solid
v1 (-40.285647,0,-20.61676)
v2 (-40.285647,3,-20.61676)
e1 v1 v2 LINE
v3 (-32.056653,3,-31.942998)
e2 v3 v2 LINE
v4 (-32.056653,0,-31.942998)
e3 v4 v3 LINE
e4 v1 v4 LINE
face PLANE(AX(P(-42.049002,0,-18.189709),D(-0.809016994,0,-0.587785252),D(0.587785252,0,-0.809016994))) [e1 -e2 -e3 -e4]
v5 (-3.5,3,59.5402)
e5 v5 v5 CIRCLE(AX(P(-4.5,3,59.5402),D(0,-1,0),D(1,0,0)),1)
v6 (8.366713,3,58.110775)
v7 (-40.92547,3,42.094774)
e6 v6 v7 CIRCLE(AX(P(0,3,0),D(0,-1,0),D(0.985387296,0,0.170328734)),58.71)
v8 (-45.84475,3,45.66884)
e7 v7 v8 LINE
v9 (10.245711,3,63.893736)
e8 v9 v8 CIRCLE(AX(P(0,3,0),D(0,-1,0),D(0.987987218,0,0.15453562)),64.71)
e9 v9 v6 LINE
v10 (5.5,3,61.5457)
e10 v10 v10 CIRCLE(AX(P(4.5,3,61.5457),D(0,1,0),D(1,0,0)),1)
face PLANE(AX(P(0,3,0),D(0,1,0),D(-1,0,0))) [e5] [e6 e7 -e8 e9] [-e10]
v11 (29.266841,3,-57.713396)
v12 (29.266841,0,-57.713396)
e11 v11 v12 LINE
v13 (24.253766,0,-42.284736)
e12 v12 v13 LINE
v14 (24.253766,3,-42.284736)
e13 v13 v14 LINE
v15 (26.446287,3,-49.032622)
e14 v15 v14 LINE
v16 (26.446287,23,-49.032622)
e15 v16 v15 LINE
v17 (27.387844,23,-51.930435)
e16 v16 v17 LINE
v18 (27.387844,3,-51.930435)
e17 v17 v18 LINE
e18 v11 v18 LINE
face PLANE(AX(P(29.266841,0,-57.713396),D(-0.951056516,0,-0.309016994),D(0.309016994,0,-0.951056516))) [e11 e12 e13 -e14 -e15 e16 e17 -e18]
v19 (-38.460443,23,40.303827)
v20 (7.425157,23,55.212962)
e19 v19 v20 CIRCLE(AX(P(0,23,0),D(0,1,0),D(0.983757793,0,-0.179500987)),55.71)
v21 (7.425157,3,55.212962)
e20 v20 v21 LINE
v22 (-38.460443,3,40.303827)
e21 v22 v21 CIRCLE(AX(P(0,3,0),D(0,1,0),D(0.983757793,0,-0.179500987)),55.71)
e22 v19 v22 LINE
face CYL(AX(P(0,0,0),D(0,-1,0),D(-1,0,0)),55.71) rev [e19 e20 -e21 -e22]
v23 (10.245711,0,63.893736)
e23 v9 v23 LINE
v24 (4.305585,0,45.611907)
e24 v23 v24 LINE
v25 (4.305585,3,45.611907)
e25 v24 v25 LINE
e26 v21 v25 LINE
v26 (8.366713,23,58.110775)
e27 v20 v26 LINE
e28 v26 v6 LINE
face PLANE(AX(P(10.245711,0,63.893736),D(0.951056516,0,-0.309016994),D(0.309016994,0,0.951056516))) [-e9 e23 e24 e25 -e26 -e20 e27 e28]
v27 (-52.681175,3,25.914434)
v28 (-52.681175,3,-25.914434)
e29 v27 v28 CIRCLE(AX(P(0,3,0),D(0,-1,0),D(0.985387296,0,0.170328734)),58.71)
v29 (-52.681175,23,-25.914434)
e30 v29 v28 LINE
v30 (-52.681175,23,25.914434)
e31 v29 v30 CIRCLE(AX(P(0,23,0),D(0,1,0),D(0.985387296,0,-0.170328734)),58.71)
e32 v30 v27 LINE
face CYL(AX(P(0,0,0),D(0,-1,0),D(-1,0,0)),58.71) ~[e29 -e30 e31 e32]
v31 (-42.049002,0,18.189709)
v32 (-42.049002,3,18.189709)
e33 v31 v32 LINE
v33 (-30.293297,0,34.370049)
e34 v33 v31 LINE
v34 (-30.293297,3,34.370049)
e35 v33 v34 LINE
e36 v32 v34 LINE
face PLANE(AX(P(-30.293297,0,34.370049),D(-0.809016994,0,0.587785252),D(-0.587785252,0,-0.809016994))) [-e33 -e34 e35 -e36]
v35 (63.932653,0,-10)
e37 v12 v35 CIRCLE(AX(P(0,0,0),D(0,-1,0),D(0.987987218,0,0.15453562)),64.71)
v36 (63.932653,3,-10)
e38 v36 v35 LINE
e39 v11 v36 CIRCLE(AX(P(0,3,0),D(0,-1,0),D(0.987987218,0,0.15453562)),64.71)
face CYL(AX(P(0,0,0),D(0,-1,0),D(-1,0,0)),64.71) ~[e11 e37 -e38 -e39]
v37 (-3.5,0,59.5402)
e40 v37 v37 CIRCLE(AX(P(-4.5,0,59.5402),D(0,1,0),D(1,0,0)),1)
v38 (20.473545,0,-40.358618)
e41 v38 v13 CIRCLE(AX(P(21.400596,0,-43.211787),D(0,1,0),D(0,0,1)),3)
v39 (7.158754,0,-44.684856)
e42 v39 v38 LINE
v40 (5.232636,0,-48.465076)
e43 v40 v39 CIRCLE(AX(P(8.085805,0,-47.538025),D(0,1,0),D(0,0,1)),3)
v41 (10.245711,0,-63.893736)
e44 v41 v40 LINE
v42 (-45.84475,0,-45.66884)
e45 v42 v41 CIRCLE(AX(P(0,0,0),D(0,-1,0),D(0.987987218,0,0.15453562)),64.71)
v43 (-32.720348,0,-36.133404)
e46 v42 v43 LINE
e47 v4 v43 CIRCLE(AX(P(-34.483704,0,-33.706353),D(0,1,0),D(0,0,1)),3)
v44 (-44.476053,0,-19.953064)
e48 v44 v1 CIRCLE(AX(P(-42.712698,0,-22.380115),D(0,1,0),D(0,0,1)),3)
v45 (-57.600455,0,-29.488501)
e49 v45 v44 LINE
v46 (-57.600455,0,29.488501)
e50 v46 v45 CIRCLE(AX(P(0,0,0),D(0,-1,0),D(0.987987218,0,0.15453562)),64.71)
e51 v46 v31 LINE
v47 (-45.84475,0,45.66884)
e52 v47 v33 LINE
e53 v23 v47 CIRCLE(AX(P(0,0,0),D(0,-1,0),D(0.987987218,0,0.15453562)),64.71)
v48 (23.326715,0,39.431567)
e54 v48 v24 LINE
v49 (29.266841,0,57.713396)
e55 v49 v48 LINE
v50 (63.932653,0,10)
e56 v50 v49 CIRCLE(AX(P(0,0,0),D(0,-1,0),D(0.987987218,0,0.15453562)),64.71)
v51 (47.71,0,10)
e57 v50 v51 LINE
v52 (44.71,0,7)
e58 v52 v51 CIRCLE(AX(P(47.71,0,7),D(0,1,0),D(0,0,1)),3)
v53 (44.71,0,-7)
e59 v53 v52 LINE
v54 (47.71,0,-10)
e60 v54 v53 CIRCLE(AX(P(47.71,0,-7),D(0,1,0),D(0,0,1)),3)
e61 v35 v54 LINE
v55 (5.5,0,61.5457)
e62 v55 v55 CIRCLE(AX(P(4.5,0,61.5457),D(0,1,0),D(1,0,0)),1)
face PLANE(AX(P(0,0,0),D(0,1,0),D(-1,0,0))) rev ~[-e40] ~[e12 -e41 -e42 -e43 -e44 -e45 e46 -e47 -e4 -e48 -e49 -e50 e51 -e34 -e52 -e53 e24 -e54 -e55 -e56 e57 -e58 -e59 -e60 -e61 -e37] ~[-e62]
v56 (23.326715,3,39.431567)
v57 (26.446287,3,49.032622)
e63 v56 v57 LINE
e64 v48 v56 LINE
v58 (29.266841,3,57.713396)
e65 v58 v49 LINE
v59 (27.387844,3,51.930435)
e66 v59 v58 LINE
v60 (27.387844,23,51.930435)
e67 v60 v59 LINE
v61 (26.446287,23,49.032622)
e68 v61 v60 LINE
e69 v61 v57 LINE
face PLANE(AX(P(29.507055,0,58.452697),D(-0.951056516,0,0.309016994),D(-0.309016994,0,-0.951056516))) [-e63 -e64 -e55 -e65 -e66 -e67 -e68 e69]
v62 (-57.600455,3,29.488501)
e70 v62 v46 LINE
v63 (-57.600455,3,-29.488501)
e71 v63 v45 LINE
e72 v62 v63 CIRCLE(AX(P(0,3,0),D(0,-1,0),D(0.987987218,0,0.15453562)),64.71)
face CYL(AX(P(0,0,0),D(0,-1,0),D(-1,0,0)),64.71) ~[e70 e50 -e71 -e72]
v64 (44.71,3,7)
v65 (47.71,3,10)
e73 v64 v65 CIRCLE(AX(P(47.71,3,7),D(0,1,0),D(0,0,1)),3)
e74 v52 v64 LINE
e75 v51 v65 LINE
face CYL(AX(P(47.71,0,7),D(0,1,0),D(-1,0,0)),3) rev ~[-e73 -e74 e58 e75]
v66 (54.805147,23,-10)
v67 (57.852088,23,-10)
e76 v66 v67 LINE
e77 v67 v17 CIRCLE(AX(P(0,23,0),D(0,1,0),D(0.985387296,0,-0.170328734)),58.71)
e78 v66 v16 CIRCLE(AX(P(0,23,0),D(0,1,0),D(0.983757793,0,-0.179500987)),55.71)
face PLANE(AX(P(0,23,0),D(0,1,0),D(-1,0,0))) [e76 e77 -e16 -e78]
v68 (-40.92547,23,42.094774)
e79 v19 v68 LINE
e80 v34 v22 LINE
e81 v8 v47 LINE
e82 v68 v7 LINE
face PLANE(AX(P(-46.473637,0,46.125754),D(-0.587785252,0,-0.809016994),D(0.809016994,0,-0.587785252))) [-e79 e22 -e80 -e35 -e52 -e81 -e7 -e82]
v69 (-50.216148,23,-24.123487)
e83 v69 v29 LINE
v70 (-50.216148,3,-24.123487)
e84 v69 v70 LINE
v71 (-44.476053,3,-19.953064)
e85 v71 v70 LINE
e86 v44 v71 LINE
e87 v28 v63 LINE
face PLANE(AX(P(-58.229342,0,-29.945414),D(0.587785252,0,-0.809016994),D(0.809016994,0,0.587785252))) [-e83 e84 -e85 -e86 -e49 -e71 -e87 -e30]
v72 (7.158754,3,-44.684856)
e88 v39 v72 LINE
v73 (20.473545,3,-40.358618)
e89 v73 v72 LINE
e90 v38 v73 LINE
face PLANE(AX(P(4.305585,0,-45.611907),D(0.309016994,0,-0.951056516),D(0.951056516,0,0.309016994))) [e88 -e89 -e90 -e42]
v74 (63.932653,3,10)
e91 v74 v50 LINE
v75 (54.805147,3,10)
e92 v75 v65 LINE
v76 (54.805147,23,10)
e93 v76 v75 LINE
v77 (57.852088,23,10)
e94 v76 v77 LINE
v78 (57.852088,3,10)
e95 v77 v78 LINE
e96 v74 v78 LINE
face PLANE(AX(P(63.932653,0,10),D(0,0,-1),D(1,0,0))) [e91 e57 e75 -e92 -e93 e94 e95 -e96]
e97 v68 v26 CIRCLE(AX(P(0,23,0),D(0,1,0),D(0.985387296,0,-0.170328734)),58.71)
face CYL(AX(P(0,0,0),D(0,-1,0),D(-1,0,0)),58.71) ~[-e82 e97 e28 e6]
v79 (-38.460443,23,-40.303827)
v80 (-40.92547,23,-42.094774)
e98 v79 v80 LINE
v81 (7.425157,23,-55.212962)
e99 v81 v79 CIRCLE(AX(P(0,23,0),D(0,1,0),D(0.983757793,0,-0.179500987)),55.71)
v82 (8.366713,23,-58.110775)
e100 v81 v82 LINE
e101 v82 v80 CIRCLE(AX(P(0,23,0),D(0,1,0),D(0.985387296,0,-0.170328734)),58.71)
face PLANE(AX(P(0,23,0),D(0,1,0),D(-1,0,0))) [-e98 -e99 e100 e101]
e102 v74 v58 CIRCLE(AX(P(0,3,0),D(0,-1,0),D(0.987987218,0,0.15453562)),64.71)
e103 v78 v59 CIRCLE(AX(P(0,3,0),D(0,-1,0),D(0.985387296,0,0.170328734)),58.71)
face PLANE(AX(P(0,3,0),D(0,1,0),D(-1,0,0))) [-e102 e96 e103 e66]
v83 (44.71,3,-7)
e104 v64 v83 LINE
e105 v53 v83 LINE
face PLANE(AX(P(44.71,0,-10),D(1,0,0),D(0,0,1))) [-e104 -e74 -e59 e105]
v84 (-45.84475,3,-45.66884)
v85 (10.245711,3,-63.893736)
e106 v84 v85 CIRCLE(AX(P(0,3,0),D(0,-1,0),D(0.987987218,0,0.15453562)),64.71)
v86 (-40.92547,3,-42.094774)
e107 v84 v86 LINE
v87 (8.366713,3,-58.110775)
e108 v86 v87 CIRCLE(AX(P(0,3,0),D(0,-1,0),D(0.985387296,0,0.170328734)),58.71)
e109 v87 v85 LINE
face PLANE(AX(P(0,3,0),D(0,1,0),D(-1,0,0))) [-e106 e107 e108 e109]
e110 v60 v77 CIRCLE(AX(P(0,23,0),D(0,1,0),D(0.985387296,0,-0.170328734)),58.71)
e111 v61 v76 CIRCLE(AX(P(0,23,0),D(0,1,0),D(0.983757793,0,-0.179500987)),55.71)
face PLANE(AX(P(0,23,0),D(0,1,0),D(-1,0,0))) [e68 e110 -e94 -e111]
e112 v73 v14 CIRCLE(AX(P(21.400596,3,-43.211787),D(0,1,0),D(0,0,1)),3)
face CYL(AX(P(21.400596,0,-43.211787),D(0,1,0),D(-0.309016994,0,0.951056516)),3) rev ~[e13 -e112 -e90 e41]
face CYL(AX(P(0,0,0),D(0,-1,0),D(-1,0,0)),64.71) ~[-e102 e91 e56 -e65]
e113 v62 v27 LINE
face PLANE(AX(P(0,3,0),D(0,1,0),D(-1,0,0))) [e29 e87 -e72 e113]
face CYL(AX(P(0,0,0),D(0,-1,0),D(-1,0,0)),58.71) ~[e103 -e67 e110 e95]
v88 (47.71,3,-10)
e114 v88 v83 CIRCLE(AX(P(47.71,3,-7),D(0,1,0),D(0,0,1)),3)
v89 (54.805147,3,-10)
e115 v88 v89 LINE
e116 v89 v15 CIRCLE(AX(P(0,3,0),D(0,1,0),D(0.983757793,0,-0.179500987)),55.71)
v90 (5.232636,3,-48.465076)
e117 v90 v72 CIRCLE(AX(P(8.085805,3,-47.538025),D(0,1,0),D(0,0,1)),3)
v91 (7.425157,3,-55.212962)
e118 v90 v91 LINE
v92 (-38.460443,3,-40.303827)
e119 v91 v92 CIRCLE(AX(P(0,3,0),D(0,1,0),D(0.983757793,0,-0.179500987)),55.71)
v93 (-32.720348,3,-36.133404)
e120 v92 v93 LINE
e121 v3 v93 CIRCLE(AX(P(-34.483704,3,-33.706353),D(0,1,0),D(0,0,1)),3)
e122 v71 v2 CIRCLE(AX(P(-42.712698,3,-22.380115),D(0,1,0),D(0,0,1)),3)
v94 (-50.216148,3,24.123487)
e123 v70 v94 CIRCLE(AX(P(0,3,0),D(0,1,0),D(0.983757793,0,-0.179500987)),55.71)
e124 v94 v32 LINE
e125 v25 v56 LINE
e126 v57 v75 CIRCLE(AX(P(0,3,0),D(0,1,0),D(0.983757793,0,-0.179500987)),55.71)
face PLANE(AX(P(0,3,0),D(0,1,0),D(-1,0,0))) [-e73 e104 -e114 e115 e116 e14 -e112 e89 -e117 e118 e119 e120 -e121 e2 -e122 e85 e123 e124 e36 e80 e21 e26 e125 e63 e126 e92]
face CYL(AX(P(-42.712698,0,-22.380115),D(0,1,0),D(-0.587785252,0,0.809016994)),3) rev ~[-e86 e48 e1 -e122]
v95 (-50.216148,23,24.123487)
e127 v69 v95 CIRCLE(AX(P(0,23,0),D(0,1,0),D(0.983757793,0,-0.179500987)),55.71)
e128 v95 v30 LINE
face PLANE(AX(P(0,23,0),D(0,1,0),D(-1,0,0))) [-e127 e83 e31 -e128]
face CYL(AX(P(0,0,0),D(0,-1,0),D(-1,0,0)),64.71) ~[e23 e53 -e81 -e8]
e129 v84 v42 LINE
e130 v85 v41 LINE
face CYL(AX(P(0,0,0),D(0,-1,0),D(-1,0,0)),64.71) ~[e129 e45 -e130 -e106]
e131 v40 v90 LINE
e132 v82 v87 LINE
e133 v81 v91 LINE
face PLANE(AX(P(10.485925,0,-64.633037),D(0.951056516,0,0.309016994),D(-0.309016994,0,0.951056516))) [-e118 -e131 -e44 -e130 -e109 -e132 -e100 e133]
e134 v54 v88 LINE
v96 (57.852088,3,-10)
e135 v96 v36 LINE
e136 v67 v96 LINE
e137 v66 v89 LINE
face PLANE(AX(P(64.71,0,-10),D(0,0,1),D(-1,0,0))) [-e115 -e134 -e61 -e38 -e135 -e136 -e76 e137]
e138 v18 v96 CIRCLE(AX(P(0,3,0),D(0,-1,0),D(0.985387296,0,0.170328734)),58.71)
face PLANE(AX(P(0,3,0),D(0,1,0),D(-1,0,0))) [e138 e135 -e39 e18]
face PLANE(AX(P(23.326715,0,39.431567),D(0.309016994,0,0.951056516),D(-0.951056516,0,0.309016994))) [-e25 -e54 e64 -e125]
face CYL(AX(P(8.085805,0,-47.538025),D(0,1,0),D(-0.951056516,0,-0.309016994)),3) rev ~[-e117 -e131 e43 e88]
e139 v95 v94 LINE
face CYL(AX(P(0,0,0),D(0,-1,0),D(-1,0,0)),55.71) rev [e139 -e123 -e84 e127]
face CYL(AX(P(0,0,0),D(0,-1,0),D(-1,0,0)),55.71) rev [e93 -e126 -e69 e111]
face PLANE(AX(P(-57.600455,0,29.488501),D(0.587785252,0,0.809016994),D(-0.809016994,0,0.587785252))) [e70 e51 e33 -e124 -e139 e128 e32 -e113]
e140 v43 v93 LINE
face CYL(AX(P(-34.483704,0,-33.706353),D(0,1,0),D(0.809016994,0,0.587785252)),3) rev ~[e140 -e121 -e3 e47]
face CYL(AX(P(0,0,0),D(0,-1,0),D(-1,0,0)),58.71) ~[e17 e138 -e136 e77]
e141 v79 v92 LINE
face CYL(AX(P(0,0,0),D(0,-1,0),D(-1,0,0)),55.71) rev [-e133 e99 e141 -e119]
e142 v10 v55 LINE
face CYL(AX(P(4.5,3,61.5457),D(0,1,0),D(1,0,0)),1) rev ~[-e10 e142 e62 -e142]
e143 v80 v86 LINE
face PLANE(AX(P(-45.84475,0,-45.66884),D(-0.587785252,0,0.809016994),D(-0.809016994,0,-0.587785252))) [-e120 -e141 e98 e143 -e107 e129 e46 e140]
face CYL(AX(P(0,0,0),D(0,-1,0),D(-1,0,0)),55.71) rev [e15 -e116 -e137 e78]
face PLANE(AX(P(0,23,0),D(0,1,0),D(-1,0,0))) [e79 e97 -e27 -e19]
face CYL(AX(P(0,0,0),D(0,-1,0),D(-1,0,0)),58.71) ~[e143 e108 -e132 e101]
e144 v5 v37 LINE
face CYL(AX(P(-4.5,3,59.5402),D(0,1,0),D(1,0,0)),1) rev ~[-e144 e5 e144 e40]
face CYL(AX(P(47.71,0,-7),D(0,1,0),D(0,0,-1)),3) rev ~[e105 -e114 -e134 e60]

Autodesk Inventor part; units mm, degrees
ref_plane "YZ Plane" through (0, 0, 0) normal (1, 0, 0) x (0, 1, 0)
ref_plane "XZ Plane" through (0, 0, 0) normal (0, 1, 0) x (-1, 0, 0)
ref_plane "XY Plane" through (0, 0, 0) normal (0, 0, 1) x (1, 0, 0)
sketch "Sketch1" plane through (0, 0, 0) normal (0, 1, 0) x (-1, 0, 0)
  circle A0 centre (0, 0) radius 58.71
  circle A1 centre (0, 0) radius 55.71
  circle A2 centre (0, 0) radius 64.71
  dimension "d0" = 117.42
  dimension "d1" = 3
  dimension "d2" = 6
extrude "Extrusion1" add sketch "Sketch1" along normal blind 23 contours A0
extrude "Extrusion2" add sketch "Sketch1" along normal blind 3 contours A2
sketch "Sketch2" plane through (0, 3, 0) normal (0, 1, 0) x (1, 0, 0)
  circle A0 centre (-4.5, -59.5402) radius 1
  circle A1 centre (0, 0) radius 58.71 projected
  circle A2 centre (0, 0) radius 60.71 construction
  circle A3 centre (4.5, -61.5457) radius 1
  dimension "d7" = 2
  dimension "d8" = 4.5
  dimension "d9" = 4.5
extrude "Extrusion3" cut sketch "Sketch2" against normal up to surface (3 mm away) contours A0 | A3
extrude "Extrusion4" add sketch "Sketch1" along normal blind 3 contours A1
sketch "Sketch3" plane through (0, 0, 0) normal (0, -1, 0) x (1, 0, 0)
  line L0 (64.71, -10) -> (44.71, -10)
  line L1 (44.71, -10) -> (44.71, 10)
  line L2 (44.71, 10) -> (64.71, 10)
  line L3 (64.71, 10) -> (64.71, -10)
  circle A0 centre (0, 0) radius 64.71 projected
  point P0 (64.71, 0)
  point P1 (5.4987, 96.2431)
  point P2 (3.5009, 96.3364)
  dimension "d14" = 20
  dimension "d15" = 20
extrude "Extrusion5" cut sketch "Sketch3" against normal up to surface (23 mm away) contours L0 A0 L3 | L0 L1 L2 A0 | A0 L2 L3 picked at (51.3767, 0)
pattern_circular "Circular Pattern1" count 5 over 360 about axis through (0, -10, 0) along (0, 1, 0) of "Extrusion5"
fillet "Fillet1" radius 3 6 edges at (44.71, 1.5, 10) (44.71, 1.5, -10) (-42.049, 1.5, -18.1897) (-30.2933, 1.5, -34.37) (23.3267, 1.5, -39.4316) (4.3056, 1.5, -45.6119)
properties part number "122mm-CoilForm_3DPrint"
